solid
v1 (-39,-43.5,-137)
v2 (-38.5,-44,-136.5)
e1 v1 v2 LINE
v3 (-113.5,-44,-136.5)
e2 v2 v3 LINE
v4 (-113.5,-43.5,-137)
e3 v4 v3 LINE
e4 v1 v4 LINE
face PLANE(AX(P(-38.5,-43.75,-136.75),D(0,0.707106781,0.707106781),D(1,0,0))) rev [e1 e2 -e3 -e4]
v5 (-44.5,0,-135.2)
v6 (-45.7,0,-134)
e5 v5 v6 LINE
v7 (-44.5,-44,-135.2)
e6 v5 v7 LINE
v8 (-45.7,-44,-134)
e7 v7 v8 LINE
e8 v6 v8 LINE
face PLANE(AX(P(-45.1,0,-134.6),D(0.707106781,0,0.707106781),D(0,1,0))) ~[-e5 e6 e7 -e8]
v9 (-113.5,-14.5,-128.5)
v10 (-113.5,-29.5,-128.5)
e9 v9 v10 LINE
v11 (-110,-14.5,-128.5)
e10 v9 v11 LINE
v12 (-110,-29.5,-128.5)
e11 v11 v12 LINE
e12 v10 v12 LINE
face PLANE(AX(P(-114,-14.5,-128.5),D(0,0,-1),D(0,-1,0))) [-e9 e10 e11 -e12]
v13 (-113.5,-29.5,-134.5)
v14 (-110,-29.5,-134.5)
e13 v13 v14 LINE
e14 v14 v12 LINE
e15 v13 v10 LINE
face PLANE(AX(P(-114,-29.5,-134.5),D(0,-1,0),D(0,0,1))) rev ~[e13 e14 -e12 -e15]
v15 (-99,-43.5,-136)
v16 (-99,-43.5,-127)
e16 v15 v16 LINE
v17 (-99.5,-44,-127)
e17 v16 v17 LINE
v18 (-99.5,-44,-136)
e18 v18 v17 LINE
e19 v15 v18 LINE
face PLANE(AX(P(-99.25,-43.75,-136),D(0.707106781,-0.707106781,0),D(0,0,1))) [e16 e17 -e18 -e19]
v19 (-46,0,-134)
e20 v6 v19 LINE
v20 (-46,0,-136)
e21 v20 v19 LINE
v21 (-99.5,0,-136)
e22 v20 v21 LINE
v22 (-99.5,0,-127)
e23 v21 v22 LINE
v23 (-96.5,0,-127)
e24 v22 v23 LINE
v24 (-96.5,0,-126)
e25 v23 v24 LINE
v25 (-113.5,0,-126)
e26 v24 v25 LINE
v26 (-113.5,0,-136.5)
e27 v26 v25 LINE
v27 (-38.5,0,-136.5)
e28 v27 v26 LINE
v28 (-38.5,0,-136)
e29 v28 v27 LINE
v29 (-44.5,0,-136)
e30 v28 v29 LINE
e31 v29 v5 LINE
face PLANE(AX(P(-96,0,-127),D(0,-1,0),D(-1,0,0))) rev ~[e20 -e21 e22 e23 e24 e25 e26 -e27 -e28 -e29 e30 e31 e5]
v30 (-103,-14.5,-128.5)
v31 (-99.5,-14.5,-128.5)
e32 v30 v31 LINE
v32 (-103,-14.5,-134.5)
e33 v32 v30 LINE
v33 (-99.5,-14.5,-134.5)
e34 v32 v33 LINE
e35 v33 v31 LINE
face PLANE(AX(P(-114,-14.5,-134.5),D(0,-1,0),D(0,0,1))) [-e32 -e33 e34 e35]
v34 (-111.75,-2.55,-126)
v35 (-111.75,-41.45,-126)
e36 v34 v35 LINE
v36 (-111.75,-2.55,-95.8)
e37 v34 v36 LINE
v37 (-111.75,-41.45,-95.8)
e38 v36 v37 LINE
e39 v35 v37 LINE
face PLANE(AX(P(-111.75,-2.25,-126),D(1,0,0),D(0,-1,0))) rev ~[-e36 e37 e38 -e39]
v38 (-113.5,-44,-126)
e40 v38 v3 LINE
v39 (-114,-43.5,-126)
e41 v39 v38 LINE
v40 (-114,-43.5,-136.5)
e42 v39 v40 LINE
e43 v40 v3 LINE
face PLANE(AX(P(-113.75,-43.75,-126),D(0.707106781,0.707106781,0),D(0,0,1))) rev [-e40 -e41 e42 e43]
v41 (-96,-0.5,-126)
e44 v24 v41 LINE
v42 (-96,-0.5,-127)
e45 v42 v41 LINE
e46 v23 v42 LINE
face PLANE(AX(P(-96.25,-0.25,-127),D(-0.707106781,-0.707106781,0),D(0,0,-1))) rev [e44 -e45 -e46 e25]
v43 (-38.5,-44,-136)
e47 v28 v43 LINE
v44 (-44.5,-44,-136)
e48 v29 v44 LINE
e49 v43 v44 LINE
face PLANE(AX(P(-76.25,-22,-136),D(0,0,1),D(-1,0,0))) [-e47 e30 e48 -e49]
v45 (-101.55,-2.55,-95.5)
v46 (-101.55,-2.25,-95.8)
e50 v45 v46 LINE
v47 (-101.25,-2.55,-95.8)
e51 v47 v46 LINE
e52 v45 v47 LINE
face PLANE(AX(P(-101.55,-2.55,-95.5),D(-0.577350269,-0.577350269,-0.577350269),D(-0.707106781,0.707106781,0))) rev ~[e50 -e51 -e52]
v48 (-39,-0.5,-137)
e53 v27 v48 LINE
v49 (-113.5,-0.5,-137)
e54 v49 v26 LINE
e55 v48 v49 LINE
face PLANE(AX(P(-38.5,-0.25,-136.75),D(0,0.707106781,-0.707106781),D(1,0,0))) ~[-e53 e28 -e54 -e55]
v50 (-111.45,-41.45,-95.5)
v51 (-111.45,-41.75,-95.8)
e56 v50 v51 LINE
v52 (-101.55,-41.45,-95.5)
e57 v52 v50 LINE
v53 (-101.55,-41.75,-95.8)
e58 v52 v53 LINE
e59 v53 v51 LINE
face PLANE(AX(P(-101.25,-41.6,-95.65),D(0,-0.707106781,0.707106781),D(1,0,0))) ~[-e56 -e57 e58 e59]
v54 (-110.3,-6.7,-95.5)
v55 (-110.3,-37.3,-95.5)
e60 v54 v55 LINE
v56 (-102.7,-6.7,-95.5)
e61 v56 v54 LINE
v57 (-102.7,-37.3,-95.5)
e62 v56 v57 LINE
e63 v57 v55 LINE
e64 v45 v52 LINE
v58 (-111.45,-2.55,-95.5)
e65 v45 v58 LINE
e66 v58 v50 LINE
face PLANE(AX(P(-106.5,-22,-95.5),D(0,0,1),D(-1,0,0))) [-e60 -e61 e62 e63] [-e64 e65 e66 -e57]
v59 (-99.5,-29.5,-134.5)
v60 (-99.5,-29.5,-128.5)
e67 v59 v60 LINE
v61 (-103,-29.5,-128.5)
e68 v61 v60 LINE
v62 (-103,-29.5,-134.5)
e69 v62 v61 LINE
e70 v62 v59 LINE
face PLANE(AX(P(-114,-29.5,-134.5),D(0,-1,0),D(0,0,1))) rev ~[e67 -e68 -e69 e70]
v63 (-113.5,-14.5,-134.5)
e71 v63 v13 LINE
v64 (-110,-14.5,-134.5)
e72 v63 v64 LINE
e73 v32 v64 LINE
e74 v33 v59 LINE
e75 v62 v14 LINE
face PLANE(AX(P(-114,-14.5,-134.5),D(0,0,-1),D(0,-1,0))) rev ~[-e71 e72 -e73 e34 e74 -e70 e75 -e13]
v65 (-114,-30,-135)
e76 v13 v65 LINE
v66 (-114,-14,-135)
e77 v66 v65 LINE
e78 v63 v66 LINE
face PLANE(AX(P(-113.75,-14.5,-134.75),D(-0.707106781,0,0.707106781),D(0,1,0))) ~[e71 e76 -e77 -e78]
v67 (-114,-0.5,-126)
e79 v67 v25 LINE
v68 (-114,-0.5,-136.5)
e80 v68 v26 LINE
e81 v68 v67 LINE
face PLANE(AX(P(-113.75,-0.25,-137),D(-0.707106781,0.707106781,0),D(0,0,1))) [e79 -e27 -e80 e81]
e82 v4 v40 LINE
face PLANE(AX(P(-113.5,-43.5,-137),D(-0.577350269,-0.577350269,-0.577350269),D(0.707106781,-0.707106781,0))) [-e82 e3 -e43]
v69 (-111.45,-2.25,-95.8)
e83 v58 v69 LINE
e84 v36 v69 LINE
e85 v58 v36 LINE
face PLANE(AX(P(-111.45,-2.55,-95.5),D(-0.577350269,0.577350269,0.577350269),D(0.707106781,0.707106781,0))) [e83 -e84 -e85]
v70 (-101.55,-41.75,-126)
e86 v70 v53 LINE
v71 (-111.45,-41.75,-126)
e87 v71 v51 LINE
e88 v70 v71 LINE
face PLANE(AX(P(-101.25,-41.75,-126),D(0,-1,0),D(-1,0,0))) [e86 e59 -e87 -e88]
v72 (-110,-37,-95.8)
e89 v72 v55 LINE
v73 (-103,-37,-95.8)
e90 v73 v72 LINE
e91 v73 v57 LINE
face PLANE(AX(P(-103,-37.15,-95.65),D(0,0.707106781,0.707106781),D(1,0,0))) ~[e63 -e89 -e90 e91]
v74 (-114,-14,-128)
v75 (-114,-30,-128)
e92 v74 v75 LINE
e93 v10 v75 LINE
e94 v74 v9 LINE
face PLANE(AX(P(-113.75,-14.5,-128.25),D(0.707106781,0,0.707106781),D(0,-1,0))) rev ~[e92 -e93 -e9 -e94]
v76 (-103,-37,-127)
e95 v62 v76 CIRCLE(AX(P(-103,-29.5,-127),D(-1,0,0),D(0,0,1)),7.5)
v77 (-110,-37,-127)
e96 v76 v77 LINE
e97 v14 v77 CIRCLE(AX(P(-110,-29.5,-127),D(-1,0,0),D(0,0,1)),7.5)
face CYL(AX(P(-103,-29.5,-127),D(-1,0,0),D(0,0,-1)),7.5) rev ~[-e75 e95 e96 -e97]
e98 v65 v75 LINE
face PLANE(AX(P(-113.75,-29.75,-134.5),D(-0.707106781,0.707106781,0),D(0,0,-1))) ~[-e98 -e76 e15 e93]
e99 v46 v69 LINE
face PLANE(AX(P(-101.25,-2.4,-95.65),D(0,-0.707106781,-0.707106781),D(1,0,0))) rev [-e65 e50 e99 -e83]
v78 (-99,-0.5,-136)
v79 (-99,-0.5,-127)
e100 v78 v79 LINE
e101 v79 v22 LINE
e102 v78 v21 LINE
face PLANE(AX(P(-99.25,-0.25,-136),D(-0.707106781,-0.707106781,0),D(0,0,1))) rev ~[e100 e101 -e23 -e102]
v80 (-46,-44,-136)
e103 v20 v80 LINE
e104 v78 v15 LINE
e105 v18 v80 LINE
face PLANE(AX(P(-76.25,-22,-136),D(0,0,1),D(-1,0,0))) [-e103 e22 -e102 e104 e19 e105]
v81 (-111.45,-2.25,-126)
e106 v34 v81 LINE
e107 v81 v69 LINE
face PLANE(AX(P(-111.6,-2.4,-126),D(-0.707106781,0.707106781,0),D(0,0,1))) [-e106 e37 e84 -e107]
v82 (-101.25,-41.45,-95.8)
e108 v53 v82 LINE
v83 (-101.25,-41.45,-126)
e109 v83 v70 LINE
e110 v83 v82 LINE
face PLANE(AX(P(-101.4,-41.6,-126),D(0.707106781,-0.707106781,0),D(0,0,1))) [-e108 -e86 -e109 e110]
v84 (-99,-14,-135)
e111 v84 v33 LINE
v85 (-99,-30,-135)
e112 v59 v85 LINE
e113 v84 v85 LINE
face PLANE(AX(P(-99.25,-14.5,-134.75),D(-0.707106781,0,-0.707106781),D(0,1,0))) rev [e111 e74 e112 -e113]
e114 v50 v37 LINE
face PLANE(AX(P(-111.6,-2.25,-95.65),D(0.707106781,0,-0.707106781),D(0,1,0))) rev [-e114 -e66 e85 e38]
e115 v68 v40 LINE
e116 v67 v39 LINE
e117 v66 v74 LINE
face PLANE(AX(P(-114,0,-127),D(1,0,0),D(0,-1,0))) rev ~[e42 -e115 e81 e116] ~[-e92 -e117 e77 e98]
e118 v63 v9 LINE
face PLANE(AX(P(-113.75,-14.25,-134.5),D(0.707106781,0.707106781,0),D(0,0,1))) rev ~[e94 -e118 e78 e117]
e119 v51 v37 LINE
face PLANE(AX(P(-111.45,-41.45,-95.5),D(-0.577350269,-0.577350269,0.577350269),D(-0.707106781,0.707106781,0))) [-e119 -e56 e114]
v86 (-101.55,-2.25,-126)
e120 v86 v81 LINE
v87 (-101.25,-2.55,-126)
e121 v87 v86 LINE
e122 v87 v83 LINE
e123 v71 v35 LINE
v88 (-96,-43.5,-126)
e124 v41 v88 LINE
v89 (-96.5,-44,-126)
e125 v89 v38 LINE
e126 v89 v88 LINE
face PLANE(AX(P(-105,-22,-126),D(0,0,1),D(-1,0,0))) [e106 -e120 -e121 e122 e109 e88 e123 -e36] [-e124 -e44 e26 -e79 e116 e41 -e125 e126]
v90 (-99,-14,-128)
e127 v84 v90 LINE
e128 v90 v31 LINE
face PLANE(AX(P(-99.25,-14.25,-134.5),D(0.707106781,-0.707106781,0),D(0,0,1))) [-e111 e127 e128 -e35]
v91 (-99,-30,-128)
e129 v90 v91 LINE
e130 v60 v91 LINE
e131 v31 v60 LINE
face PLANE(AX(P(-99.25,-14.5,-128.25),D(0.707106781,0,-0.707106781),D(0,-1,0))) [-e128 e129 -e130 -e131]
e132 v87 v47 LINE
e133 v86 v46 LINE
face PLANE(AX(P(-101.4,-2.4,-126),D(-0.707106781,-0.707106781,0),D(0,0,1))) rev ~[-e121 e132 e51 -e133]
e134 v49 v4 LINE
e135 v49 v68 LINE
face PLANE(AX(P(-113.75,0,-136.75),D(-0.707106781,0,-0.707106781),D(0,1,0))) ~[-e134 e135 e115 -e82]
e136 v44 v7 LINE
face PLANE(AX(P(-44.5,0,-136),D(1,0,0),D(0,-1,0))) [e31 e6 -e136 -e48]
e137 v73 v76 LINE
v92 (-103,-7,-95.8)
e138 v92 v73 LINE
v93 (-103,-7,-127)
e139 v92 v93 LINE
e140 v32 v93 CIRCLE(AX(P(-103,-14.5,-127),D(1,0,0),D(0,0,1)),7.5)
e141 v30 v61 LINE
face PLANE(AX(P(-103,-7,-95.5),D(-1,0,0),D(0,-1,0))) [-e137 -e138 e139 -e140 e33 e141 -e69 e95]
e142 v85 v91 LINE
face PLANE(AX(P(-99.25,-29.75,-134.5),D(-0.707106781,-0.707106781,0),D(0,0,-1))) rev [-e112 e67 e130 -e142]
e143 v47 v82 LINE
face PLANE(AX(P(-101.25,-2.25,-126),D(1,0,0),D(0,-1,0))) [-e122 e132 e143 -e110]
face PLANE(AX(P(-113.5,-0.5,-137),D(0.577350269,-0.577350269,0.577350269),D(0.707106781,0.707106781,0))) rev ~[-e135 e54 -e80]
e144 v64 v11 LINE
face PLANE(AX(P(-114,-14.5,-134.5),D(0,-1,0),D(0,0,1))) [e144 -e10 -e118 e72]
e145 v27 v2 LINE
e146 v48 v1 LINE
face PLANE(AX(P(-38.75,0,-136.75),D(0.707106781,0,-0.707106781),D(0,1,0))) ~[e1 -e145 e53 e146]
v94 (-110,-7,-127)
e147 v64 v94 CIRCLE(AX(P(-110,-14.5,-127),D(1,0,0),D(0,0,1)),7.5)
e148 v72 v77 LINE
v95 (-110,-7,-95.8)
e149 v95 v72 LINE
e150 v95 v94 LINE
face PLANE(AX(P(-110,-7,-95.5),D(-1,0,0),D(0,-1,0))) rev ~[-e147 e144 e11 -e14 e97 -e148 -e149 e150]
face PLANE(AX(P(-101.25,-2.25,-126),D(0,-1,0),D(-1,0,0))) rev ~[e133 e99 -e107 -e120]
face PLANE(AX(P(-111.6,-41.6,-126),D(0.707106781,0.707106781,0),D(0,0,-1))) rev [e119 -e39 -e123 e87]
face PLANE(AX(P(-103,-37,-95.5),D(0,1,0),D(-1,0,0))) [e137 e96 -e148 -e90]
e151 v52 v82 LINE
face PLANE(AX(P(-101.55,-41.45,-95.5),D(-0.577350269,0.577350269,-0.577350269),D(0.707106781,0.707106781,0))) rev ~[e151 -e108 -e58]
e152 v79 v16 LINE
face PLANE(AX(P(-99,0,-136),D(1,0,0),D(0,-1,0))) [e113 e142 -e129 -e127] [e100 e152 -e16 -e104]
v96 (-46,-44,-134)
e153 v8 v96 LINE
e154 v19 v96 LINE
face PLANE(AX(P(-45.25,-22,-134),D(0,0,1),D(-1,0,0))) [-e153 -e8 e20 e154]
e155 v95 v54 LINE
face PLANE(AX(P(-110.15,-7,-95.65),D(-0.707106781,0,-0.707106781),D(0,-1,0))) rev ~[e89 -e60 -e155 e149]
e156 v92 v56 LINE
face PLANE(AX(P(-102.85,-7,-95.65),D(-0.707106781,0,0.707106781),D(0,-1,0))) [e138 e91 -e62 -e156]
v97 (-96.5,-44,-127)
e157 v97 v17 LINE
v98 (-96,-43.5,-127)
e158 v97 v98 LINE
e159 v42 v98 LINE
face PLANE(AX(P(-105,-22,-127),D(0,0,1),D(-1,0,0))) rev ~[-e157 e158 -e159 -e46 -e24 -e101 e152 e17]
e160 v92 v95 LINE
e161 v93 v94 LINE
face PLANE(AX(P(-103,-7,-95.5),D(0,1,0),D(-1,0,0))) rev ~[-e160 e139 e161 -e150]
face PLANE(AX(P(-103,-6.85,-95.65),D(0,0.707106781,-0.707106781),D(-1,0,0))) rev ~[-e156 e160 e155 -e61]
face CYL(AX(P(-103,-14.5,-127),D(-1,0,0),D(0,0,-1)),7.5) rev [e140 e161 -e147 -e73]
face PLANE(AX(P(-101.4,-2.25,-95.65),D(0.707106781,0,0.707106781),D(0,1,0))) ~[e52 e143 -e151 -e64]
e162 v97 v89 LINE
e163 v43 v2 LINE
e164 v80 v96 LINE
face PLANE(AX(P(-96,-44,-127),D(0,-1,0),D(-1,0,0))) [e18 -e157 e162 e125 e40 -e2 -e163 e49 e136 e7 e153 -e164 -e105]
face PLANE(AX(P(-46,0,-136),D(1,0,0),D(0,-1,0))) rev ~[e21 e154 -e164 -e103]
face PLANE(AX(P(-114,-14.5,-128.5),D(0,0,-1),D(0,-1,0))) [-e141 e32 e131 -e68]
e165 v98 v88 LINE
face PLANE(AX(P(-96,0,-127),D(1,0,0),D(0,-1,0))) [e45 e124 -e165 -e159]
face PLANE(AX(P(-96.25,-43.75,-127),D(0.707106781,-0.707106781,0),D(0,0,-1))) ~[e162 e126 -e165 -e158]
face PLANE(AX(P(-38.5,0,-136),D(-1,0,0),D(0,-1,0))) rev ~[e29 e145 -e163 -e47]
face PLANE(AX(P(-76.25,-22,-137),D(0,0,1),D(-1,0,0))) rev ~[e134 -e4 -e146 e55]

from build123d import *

# Parameters (mm, degrees)
SKETCH073_W             = 75.5
SKETCH073_H             = 44
PAD038_DEPTH            = 1
SKETCH074_W             = 15
SKETCH074_H             = 44
PAD039_DEPTH            = 9
SKETCH075_W             = 18
SKETCH075_H             = 44
PAD040_DEPTH            = 1
SKETCH076_W             = 10.5
SKETCH076_H             = 39.5
PAD041_DEPTH            = 30.5
SKETCH077_W             = 7
SKETCH077_H             = 30
POCKET027_DEPTH         = 39
SKETCH078_W             = 15
SKETCH078_H             = 6
POCKET028_DEPTH         = 15
SKETCH079_W             = 1.5
SKETCH079_H             = 44
PAD042_DEPTH            = 2
CHAMFER044_SIZE         = 1.2
FILLET011_R             = 7.5
CHAMFER045_SIZE         = 0.5
CHAMFER050_SIZE         = 0.3
BODY014_PLACEMENT_ANGLE = 180


with BuildPart() as part:
    # Sketch073 → Pad038 (new body)
    with BuildSketch(Plane.XY):
        with Locations((-30.25, 0)):
            Rectangle(SKETCH073_W, SKETCH073_H)
    extrude(amount=-PAD038_DEPTH)

    # Sketch074 (on Face5 of Pad038) → Pad039 (join)
    with BuildSketch(Plane.XY):
        Rectangle(SKETCH074_W, SKETCH074_H)
    extrude(amount=PAD039_DEPTH)

    # Sketch075 (on Face5 of Pad039) → Pad040 (join)
    with BuildSketch(Plane.XY.offset(9)):
        with Locations((-1.5, 0)):
            Rectangle(SKETCH075_W, SKETCH075_H)
    extrude(amount=PAD040_DEPTH)

    # Sketch076 (on Face7 of Pad040) → Pad041 (join)
    with BuildSketch(Plane.XY.offset(10)):
        Rectangle(SKETCH076_W, SKETCH076_H)
    extrude(amount=PAD041_DEPTH)

    # Sketch077 (on Face15 of Pad041) → Pocket027 (cut)
    with BuildSketch(Plane.XY.offset(40.5)):
        Rectangle(SKETCH077_W, SKETCH077_H)
    extrude(amount=-POCKET027_DEPTH, mode=Mode.SUBTRACT)

    # Sketch078 (on Face6 of Pocket027) → Pocket028 (cut)
    with BuildSketch(Plane.YZ.offset(7.5)):
        with Locations((0, 4.5)):
            Rectangle(SKETCH078_W, SKETCH078_H)
    extrude(amount=-POCKET028_DEPTH, mode=Mode.SUBTRACT)

    # Sketch079 (on Face4 of Pocket028) → Pad042 (join)
    with BuildSketch(Plane.XY):
        with Locations((-61.25, 0)):
            Rectangle(SKETCH079_W, SKETCH079_H)
    extrude(amount=PAD042_DEPTH)

    # Chamfer044
    chamfer044_edges = [part.edges().sort_by_distance(p)[0] for p in [
        (-62, 0, 2),
    ]]
    chamfer(chamfer044_edges, length=CHAMFER044_SIZE)

    # Fillet011
    fillet011_edges = [part.edges().sort_by_distance(p)[0] for p in [
        (0, 15, 1.5),
        (0, -15, 1.5),
    ]]
    fillet(fillet011_edges, radius=FILLET011_R)

    # Chamfer045
    chamfer045_edges = [part.edges().sort_by_distance(p)[0] for p in [
        (-7.5, 7.5, 4.5),
        (-7.5, 0, 7.5),
        (-7.5, -7.5, 4.5),
        (-7.5, 0, 1.5),
        (7.5, 7.5, 4.5),
        (7.5, 0, 1.5),
        (7.5, -7.5, 4.5),
        (7.5, 0, 7.5),
        (7.5, -22, 4.5),
        (7.5, 22, 4.5),
        (7.5, 0, -1),
        (-7.5, -22, 4.5),
        (-30.25, -22, -1),
        (-68, 0, -1),
        (-30.25, 22, -1),
        (-7.5, 22, 4.5),
        (-10.5, -22, 9.5),
        (-10.5, 22, 9.5),
    ]]
    chamfer(chamfer045_edges, length=CHAMFER045_SIZE)

    # Chamfer050
    chamfer050_edges = [part.edges().sort_by_distance(p)[0] for p in [
        (5.25, 19.75, 25.25),
        (-5.25, 19.75, 25.25),
        (-5.25, -19.75, 25.25),
        (5.25, -19.75, 25.25),
        (0, 19.75, 40.5),
        (-5.25, 0, 40.5),
        (5.25, 0, 40.5),
        (0, -19.75, 40.5),
        (-3.5, 0, 40.5),
        (0, -15, 40.5),
        (3.5, 0, 40.5),
        (0, 15, 40.5),
    ]]
    chamfer(chamfer050_edges, length=CHAMFER050_SIZE)


with BuildPart() as part_1:
    # Body014 placement: moved
    add(part.part.moved(Location((-106.5, -22, -136))).rotate(Axis((-106.5, -22, -136), (0, 0, 1)), BODY014_PLACEMENT_ANGLE))


solid = part_1.part
